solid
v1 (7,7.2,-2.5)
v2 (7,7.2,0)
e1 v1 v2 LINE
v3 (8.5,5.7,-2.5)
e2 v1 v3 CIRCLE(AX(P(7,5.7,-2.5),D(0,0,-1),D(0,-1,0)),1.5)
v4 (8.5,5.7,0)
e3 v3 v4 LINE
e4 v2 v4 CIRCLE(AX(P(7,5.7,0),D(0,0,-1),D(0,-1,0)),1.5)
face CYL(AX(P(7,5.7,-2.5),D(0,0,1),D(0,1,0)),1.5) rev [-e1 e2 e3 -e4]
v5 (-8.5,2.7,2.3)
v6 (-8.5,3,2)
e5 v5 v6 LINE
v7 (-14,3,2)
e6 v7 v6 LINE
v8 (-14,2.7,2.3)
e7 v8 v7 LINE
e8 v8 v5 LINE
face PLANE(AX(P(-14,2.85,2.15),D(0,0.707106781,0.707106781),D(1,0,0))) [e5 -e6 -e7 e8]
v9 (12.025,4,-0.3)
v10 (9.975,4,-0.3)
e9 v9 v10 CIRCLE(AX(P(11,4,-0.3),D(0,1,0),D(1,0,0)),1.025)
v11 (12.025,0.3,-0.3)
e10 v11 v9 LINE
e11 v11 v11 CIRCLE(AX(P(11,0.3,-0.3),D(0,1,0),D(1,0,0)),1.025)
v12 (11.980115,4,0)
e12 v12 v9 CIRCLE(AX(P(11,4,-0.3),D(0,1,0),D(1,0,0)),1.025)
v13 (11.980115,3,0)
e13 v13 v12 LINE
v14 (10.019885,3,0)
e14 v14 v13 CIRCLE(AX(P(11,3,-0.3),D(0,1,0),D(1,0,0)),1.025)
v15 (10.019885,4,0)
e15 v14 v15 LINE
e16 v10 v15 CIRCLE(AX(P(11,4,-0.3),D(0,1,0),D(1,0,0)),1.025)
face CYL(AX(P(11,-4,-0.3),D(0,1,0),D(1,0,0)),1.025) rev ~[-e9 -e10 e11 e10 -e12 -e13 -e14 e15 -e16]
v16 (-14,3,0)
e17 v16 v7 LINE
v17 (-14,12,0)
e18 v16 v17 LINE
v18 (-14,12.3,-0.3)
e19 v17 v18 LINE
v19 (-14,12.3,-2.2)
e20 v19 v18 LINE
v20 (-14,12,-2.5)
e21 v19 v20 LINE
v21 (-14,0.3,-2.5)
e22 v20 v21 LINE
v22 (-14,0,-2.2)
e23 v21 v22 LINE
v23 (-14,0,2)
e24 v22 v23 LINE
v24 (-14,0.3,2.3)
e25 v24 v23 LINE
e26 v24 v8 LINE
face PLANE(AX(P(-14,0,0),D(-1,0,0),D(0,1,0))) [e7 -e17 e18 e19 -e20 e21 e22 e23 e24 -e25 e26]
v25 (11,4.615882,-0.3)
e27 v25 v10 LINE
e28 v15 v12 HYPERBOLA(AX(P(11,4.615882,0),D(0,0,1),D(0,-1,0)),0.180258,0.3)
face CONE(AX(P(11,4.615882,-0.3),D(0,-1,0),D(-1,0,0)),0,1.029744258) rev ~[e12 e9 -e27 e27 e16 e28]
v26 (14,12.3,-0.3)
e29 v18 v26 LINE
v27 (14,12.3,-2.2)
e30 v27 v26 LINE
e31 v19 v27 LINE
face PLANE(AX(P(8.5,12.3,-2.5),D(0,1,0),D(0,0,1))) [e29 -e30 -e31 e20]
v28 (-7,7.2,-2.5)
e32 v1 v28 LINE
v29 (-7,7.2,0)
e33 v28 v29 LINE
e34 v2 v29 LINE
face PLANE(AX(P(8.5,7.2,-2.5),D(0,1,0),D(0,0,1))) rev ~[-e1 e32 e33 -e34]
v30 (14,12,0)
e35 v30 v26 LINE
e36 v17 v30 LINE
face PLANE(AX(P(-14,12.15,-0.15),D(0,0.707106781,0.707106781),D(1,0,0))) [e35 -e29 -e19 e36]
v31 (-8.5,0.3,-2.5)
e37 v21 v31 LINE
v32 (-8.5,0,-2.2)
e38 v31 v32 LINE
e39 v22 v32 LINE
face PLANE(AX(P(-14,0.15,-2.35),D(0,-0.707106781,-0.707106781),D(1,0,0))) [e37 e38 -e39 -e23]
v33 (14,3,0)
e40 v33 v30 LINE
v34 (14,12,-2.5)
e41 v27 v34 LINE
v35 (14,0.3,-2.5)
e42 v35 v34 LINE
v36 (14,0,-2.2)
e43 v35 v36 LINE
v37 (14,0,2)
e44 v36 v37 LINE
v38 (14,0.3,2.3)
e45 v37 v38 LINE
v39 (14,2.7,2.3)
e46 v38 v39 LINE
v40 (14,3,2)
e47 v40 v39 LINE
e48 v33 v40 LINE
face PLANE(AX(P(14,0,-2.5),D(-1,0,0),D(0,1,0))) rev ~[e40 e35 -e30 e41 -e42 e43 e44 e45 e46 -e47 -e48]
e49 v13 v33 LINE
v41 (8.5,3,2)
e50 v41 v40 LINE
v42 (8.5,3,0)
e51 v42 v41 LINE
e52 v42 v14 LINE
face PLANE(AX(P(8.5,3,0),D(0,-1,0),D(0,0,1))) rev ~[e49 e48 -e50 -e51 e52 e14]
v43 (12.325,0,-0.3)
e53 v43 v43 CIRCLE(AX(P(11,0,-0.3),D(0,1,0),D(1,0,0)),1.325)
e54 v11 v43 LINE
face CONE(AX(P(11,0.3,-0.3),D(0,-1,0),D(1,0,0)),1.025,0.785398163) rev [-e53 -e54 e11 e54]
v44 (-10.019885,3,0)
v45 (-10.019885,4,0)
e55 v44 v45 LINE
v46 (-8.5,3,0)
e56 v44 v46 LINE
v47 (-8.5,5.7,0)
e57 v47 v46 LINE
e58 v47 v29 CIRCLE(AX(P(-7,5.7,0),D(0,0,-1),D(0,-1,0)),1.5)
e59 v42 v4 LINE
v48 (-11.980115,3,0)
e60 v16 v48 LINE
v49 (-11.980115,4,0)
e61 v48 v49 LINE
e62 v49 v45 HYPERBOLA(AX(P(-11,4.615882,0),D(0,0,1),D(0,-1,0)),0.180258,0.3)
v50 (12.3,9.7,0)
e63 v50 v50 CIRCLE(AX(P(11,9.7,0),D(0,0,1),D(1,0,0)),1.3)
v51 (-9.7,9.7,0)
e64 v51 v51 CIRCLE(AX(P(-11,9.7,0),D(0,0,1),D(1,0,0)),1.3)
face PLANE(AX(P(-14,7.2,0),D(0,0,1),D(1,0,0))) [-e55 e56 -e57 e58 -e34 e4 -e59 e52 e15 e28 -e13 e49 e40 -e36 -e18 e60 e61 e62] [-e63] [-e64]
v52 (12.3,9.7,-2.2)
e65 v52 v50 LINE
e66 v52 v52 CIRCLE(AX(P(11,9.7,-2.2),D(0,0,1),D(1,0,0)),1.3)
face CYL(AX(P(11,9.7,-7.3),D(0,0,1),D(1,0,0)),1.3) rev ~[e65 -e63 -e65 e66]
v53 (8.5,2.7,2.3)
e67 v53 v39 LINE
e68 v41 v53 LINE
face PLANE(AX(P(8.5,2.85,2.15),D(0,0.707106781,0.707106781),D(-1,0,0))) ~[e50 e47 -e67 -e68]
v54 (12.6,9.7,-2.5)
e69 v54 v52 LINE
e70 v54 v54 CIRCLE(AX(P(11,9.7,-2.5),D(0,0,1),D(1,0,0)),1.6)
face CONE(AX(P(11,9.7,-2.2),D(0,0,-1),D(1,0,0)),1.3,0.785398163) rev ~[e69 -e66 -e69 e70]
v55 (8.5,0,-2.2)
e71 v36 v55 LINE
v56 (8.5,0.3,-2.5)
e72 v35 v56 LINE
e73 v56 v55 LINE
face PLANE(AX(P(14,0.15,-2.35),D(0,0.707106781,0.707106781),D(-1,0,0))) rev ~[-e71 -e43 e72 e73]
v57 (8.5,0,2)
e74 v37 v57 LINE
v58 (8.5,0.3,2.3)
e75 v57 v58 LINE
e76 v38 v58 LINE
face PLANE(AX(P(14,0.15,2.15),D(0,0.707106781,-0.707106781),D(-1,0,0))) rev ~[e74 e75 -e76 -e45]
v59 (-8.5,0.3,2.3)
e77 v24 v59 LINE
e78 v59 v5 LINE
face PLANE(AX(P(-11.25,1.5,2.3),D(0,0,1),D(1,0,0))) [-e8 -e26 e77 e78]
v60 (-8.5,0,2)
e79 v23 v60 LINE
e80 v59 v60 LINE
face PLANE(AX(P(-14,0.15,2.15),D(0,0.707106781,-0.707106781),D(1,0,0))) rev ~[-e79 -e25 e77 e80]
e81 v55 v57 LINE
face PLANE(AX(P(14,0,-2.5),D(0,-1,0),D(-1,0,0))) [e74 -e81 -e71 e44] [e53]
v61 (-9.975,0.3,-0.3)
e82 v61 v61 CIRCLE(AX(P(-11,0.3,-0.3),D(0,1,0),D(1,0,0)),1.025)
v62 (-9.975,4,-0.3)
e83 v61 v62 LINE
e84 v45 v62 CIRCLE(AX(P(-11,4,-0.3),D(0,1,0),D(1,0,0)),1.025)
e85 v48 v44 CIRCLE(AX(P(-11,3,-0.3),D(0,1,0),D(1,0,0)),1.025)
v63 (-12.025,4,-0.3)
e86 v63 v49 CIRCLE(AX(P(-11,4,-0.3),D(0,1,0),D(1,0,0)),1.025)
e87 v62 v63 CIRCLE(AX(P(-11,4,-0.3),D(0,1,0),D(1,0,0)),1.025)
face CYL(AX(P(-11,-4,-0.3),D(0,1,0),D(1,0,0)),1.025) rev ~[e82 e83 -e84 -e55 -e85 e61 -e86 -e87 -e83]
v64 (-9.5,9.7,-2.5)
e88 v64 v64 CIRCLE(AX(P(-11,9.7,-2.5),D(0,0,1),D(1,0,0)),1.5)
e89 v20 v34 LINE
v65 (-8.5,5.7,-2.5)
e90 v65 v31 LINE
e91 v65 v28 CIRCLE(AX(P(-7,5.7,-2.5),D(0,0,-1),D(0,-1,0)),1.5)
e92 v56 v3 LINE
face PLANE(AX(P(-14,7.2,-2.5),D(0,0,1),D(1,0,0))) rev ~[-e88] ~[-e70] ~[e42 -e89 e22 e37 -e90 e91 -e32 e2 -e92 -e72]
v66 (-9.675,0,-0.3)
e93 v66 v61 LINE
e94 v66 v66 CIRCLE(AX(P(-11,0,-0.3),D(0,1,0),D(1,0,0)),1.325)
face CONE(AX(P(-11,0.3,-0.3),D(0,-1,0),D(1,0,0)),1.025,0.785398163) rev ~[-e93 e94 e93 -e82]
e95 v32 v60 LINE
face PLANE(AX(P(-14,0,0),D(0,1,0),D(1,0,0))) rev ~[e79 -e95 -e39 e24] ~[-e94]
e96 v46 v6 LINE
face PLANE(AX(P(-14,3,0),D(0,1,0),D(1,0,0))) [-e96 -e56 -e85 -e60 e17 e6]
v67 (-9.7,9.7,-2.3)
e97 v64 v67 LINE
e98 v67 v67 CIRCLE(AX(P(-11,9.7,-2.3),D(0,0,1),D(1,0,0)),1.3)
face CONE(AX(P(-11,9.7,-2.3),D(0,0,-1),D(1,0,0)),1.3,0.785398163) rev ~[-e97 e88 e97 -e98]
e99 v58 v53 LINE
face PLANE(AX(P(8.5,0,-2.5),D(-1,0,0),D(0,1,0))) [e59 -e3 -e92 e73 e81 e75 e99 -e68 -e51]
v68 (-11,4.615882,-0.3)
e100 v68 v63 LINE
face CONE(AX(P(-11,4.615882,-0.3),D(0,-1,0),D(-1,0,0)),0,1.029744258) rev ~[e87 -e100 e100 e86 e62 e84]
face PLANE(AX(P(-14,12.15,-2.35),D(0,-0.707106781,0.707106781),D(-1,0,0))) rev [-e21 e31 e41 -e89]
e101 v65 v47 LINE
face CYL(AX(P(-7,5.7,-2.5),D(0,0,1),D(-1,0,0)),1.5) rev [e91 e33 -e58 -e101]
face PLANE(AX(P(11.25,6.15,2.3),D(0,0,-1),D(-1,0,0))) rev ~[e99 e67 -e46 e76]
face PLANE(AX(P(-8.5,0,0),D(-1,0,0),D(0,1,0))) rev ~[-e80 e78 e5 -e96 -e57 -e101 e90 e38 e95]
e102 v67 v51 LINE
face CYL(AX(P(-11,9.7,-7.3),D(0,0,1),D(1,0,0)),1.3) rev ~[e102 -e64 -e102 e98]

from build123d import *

# Parameters (mm, degrees)
SKETCH1_W                        = 5.5
SKETCH1_H                        = 12.3
BOSS_EXTRUDE1_DEPTH              = 4.8
SKETCH2_W                        = 2.3
SKETCH2_H                        = 9.3
CUT_EXTRUDE1_DEPTH               = 6.5
SKETCH3_W                        = 2.5
SKETCH3_H                        = 5.1
BOSS_EXTRUDE2_DEPTH              = 22.5
SKETCH4_W                        = 5.5
SKETCH4_H                        = 2.5
BOSS_EXTRUDE3_DEPTH              = 7.2
SKETCH5_W                        = 5.5
SKETCH5_H                        = 3
BOSS_EXTRUDE4_DEPTH              = 2.3
F_2_6_2_6_DIAMETER_HOLE1_D       = 2.6
F_2_6_2_6_DIAMETER_HOLE1_DEPTH   = 4.8
F_2_05_2_05_DIAMETER_HOLE1_D     = 2.05
F_2_05_2_05_DIAMETER_HOLE1_DEPTH = 4
F_2_05_2_05_DIAMETER_HOLE1_TIP   = 0.615882135
CHAMFER1_SIZE                    = 0.3
CHAMFER2_SIZE                    = 0.2
FILLET1_R                        = 1.5


with BuildPart() as part:
    # Sketch1 → Boss-Extrude1 (new body)
    with BuildSketch(Plane(origin=(0, 0, -2.5), x_dir=(-1, 0, 0), z_dir=(0, 0, -1))):
        with Locations((-11.25, 6.15)):
            Rectangle(SKETCH1_W, SKETCH1_H)
    extrude(amount=-BOSS_EXTRUDE1_DEPTH)

    # Sketch2 → Cut-Extrude1 (cut, through all)
    with BuildSketch(Plane.ZY.offset(-8.5)):
        with Locations((1.15, 7.65)):
            Rectangle(SKETCH2_W, SKETCH2_H)
    extrude(amount=-CUT_EXTRUDE1_DEPTH, mode=Mode.SUBTRACT)

    # Sketch3 → Boss-Extrude2 (add)
    with BuildSketch(Plane.ZY.offset(-8.5)):
        with Locations((-1.25, 9.75)):
            Rectangle(SKETCH3_W, SKETCH3_H)
    extrude(amount=BOSS_EXTRUDE2_DEPTH)

    # Sketch4 → Boss-Extrude3 (add)
    with BuildSketch(Plane.XZ.offset(-7.2)):
        with Locations((-11.25, -1.25)):
            Rectangle(SKETCH4_W, SKETCH4_H)
    extrude(amount=BOSS_EXTRUDE3_DEPTH)

    # Sketch5 → Boss-Extrude4 (add)
    with BuildSketch(Plane.XY):
        with Locations((-11.25, 1.5)):
            Rectangle(SKETCH5_W, SKETCH5_H)
    extrude(amount=BOSS_EXTRUDE4_DEPTH)

    # Ø2.6 (2.6) Diameter Hole1
    with Locations(Plane(origin=(0, 0, -2.5), x_dir=(-1, 0, 0), z_dir=(0, 0, -1))):
        with Locations((11, 9.7), (-11, 9.7)):
            Hole(F_2_6_2_6_DIAMETER_HOLE1_D / 2, depth=F_2_6_2_6_DIAMETER_HOLE1_DEPTH)

    # Ø2.05 (2.05) Diameter Hole1
    with Locations(Plane(origin=(0, 0, 0), x_dir=(-1, 0, 0), z_dir=(0, -1, 0))):
        with Locations((-11, 0.3), (11, 0.3)):
            Hole(F_2_05_2_05_DIAMETER_HOLE1_D / 2, depth=F_2_05_2_05_DIAMETER_HOLE1_DEPTH)
            with Locations((0, 0, -(F_2_05_2_05_DIAMETER_HOLE1_DEPTH + F_2_05_2_05_DIAMETER_HOLE1_TIP / 2))):  # 118° drill point
                Cone(0, F_2_05_2_05_DIAMETER_HOLE1_D / 2, F_2_05_2_05_DIAMETER_HOLE1_TIP, mode=Mode.SUBTRACT)

    # Chamfer1
    chamfer1_edges = [part.edges().sort_by_distance(p)[0] for p in [
        (11.25, 0, -2.5),
        (-11.25, 0, -2.5),
        (9.975, 0, -0.3),
        (0, 12.3, 0),
        (0, 12.3, -2.5),
        (-12.025, 0, -0.3),
        (9.7, 9.7, -2.5),
        (11.25, 0, 2.3),
        (-11.25, 0, 2.3),
        (11.25, 3, 2.3),
        (-11.25, 3, 2.3),
    ]]
    chamfer(chamfer1_edges, length=CHAMFER1_SIZE)

    # Chamfer2
    chamfer2_edges = [part.edges().sort_by_distance(p)[0] for p in [
        (-12.3, 9.7, -2.5),
    ]]
    chamfer(chamfer2_edges, length=CHAMFER2_SIZE)

    # Fillet1
    fillet1_edges = [part.edges().sort_by_distance(p)[0] for p in [
        (-8.5, 7.2, -1.25),
        (8.5, 7.2, -1.25),
    ]]
    fillet(fillet1_edges, radius=FILLET1_R)


solid = part.part
